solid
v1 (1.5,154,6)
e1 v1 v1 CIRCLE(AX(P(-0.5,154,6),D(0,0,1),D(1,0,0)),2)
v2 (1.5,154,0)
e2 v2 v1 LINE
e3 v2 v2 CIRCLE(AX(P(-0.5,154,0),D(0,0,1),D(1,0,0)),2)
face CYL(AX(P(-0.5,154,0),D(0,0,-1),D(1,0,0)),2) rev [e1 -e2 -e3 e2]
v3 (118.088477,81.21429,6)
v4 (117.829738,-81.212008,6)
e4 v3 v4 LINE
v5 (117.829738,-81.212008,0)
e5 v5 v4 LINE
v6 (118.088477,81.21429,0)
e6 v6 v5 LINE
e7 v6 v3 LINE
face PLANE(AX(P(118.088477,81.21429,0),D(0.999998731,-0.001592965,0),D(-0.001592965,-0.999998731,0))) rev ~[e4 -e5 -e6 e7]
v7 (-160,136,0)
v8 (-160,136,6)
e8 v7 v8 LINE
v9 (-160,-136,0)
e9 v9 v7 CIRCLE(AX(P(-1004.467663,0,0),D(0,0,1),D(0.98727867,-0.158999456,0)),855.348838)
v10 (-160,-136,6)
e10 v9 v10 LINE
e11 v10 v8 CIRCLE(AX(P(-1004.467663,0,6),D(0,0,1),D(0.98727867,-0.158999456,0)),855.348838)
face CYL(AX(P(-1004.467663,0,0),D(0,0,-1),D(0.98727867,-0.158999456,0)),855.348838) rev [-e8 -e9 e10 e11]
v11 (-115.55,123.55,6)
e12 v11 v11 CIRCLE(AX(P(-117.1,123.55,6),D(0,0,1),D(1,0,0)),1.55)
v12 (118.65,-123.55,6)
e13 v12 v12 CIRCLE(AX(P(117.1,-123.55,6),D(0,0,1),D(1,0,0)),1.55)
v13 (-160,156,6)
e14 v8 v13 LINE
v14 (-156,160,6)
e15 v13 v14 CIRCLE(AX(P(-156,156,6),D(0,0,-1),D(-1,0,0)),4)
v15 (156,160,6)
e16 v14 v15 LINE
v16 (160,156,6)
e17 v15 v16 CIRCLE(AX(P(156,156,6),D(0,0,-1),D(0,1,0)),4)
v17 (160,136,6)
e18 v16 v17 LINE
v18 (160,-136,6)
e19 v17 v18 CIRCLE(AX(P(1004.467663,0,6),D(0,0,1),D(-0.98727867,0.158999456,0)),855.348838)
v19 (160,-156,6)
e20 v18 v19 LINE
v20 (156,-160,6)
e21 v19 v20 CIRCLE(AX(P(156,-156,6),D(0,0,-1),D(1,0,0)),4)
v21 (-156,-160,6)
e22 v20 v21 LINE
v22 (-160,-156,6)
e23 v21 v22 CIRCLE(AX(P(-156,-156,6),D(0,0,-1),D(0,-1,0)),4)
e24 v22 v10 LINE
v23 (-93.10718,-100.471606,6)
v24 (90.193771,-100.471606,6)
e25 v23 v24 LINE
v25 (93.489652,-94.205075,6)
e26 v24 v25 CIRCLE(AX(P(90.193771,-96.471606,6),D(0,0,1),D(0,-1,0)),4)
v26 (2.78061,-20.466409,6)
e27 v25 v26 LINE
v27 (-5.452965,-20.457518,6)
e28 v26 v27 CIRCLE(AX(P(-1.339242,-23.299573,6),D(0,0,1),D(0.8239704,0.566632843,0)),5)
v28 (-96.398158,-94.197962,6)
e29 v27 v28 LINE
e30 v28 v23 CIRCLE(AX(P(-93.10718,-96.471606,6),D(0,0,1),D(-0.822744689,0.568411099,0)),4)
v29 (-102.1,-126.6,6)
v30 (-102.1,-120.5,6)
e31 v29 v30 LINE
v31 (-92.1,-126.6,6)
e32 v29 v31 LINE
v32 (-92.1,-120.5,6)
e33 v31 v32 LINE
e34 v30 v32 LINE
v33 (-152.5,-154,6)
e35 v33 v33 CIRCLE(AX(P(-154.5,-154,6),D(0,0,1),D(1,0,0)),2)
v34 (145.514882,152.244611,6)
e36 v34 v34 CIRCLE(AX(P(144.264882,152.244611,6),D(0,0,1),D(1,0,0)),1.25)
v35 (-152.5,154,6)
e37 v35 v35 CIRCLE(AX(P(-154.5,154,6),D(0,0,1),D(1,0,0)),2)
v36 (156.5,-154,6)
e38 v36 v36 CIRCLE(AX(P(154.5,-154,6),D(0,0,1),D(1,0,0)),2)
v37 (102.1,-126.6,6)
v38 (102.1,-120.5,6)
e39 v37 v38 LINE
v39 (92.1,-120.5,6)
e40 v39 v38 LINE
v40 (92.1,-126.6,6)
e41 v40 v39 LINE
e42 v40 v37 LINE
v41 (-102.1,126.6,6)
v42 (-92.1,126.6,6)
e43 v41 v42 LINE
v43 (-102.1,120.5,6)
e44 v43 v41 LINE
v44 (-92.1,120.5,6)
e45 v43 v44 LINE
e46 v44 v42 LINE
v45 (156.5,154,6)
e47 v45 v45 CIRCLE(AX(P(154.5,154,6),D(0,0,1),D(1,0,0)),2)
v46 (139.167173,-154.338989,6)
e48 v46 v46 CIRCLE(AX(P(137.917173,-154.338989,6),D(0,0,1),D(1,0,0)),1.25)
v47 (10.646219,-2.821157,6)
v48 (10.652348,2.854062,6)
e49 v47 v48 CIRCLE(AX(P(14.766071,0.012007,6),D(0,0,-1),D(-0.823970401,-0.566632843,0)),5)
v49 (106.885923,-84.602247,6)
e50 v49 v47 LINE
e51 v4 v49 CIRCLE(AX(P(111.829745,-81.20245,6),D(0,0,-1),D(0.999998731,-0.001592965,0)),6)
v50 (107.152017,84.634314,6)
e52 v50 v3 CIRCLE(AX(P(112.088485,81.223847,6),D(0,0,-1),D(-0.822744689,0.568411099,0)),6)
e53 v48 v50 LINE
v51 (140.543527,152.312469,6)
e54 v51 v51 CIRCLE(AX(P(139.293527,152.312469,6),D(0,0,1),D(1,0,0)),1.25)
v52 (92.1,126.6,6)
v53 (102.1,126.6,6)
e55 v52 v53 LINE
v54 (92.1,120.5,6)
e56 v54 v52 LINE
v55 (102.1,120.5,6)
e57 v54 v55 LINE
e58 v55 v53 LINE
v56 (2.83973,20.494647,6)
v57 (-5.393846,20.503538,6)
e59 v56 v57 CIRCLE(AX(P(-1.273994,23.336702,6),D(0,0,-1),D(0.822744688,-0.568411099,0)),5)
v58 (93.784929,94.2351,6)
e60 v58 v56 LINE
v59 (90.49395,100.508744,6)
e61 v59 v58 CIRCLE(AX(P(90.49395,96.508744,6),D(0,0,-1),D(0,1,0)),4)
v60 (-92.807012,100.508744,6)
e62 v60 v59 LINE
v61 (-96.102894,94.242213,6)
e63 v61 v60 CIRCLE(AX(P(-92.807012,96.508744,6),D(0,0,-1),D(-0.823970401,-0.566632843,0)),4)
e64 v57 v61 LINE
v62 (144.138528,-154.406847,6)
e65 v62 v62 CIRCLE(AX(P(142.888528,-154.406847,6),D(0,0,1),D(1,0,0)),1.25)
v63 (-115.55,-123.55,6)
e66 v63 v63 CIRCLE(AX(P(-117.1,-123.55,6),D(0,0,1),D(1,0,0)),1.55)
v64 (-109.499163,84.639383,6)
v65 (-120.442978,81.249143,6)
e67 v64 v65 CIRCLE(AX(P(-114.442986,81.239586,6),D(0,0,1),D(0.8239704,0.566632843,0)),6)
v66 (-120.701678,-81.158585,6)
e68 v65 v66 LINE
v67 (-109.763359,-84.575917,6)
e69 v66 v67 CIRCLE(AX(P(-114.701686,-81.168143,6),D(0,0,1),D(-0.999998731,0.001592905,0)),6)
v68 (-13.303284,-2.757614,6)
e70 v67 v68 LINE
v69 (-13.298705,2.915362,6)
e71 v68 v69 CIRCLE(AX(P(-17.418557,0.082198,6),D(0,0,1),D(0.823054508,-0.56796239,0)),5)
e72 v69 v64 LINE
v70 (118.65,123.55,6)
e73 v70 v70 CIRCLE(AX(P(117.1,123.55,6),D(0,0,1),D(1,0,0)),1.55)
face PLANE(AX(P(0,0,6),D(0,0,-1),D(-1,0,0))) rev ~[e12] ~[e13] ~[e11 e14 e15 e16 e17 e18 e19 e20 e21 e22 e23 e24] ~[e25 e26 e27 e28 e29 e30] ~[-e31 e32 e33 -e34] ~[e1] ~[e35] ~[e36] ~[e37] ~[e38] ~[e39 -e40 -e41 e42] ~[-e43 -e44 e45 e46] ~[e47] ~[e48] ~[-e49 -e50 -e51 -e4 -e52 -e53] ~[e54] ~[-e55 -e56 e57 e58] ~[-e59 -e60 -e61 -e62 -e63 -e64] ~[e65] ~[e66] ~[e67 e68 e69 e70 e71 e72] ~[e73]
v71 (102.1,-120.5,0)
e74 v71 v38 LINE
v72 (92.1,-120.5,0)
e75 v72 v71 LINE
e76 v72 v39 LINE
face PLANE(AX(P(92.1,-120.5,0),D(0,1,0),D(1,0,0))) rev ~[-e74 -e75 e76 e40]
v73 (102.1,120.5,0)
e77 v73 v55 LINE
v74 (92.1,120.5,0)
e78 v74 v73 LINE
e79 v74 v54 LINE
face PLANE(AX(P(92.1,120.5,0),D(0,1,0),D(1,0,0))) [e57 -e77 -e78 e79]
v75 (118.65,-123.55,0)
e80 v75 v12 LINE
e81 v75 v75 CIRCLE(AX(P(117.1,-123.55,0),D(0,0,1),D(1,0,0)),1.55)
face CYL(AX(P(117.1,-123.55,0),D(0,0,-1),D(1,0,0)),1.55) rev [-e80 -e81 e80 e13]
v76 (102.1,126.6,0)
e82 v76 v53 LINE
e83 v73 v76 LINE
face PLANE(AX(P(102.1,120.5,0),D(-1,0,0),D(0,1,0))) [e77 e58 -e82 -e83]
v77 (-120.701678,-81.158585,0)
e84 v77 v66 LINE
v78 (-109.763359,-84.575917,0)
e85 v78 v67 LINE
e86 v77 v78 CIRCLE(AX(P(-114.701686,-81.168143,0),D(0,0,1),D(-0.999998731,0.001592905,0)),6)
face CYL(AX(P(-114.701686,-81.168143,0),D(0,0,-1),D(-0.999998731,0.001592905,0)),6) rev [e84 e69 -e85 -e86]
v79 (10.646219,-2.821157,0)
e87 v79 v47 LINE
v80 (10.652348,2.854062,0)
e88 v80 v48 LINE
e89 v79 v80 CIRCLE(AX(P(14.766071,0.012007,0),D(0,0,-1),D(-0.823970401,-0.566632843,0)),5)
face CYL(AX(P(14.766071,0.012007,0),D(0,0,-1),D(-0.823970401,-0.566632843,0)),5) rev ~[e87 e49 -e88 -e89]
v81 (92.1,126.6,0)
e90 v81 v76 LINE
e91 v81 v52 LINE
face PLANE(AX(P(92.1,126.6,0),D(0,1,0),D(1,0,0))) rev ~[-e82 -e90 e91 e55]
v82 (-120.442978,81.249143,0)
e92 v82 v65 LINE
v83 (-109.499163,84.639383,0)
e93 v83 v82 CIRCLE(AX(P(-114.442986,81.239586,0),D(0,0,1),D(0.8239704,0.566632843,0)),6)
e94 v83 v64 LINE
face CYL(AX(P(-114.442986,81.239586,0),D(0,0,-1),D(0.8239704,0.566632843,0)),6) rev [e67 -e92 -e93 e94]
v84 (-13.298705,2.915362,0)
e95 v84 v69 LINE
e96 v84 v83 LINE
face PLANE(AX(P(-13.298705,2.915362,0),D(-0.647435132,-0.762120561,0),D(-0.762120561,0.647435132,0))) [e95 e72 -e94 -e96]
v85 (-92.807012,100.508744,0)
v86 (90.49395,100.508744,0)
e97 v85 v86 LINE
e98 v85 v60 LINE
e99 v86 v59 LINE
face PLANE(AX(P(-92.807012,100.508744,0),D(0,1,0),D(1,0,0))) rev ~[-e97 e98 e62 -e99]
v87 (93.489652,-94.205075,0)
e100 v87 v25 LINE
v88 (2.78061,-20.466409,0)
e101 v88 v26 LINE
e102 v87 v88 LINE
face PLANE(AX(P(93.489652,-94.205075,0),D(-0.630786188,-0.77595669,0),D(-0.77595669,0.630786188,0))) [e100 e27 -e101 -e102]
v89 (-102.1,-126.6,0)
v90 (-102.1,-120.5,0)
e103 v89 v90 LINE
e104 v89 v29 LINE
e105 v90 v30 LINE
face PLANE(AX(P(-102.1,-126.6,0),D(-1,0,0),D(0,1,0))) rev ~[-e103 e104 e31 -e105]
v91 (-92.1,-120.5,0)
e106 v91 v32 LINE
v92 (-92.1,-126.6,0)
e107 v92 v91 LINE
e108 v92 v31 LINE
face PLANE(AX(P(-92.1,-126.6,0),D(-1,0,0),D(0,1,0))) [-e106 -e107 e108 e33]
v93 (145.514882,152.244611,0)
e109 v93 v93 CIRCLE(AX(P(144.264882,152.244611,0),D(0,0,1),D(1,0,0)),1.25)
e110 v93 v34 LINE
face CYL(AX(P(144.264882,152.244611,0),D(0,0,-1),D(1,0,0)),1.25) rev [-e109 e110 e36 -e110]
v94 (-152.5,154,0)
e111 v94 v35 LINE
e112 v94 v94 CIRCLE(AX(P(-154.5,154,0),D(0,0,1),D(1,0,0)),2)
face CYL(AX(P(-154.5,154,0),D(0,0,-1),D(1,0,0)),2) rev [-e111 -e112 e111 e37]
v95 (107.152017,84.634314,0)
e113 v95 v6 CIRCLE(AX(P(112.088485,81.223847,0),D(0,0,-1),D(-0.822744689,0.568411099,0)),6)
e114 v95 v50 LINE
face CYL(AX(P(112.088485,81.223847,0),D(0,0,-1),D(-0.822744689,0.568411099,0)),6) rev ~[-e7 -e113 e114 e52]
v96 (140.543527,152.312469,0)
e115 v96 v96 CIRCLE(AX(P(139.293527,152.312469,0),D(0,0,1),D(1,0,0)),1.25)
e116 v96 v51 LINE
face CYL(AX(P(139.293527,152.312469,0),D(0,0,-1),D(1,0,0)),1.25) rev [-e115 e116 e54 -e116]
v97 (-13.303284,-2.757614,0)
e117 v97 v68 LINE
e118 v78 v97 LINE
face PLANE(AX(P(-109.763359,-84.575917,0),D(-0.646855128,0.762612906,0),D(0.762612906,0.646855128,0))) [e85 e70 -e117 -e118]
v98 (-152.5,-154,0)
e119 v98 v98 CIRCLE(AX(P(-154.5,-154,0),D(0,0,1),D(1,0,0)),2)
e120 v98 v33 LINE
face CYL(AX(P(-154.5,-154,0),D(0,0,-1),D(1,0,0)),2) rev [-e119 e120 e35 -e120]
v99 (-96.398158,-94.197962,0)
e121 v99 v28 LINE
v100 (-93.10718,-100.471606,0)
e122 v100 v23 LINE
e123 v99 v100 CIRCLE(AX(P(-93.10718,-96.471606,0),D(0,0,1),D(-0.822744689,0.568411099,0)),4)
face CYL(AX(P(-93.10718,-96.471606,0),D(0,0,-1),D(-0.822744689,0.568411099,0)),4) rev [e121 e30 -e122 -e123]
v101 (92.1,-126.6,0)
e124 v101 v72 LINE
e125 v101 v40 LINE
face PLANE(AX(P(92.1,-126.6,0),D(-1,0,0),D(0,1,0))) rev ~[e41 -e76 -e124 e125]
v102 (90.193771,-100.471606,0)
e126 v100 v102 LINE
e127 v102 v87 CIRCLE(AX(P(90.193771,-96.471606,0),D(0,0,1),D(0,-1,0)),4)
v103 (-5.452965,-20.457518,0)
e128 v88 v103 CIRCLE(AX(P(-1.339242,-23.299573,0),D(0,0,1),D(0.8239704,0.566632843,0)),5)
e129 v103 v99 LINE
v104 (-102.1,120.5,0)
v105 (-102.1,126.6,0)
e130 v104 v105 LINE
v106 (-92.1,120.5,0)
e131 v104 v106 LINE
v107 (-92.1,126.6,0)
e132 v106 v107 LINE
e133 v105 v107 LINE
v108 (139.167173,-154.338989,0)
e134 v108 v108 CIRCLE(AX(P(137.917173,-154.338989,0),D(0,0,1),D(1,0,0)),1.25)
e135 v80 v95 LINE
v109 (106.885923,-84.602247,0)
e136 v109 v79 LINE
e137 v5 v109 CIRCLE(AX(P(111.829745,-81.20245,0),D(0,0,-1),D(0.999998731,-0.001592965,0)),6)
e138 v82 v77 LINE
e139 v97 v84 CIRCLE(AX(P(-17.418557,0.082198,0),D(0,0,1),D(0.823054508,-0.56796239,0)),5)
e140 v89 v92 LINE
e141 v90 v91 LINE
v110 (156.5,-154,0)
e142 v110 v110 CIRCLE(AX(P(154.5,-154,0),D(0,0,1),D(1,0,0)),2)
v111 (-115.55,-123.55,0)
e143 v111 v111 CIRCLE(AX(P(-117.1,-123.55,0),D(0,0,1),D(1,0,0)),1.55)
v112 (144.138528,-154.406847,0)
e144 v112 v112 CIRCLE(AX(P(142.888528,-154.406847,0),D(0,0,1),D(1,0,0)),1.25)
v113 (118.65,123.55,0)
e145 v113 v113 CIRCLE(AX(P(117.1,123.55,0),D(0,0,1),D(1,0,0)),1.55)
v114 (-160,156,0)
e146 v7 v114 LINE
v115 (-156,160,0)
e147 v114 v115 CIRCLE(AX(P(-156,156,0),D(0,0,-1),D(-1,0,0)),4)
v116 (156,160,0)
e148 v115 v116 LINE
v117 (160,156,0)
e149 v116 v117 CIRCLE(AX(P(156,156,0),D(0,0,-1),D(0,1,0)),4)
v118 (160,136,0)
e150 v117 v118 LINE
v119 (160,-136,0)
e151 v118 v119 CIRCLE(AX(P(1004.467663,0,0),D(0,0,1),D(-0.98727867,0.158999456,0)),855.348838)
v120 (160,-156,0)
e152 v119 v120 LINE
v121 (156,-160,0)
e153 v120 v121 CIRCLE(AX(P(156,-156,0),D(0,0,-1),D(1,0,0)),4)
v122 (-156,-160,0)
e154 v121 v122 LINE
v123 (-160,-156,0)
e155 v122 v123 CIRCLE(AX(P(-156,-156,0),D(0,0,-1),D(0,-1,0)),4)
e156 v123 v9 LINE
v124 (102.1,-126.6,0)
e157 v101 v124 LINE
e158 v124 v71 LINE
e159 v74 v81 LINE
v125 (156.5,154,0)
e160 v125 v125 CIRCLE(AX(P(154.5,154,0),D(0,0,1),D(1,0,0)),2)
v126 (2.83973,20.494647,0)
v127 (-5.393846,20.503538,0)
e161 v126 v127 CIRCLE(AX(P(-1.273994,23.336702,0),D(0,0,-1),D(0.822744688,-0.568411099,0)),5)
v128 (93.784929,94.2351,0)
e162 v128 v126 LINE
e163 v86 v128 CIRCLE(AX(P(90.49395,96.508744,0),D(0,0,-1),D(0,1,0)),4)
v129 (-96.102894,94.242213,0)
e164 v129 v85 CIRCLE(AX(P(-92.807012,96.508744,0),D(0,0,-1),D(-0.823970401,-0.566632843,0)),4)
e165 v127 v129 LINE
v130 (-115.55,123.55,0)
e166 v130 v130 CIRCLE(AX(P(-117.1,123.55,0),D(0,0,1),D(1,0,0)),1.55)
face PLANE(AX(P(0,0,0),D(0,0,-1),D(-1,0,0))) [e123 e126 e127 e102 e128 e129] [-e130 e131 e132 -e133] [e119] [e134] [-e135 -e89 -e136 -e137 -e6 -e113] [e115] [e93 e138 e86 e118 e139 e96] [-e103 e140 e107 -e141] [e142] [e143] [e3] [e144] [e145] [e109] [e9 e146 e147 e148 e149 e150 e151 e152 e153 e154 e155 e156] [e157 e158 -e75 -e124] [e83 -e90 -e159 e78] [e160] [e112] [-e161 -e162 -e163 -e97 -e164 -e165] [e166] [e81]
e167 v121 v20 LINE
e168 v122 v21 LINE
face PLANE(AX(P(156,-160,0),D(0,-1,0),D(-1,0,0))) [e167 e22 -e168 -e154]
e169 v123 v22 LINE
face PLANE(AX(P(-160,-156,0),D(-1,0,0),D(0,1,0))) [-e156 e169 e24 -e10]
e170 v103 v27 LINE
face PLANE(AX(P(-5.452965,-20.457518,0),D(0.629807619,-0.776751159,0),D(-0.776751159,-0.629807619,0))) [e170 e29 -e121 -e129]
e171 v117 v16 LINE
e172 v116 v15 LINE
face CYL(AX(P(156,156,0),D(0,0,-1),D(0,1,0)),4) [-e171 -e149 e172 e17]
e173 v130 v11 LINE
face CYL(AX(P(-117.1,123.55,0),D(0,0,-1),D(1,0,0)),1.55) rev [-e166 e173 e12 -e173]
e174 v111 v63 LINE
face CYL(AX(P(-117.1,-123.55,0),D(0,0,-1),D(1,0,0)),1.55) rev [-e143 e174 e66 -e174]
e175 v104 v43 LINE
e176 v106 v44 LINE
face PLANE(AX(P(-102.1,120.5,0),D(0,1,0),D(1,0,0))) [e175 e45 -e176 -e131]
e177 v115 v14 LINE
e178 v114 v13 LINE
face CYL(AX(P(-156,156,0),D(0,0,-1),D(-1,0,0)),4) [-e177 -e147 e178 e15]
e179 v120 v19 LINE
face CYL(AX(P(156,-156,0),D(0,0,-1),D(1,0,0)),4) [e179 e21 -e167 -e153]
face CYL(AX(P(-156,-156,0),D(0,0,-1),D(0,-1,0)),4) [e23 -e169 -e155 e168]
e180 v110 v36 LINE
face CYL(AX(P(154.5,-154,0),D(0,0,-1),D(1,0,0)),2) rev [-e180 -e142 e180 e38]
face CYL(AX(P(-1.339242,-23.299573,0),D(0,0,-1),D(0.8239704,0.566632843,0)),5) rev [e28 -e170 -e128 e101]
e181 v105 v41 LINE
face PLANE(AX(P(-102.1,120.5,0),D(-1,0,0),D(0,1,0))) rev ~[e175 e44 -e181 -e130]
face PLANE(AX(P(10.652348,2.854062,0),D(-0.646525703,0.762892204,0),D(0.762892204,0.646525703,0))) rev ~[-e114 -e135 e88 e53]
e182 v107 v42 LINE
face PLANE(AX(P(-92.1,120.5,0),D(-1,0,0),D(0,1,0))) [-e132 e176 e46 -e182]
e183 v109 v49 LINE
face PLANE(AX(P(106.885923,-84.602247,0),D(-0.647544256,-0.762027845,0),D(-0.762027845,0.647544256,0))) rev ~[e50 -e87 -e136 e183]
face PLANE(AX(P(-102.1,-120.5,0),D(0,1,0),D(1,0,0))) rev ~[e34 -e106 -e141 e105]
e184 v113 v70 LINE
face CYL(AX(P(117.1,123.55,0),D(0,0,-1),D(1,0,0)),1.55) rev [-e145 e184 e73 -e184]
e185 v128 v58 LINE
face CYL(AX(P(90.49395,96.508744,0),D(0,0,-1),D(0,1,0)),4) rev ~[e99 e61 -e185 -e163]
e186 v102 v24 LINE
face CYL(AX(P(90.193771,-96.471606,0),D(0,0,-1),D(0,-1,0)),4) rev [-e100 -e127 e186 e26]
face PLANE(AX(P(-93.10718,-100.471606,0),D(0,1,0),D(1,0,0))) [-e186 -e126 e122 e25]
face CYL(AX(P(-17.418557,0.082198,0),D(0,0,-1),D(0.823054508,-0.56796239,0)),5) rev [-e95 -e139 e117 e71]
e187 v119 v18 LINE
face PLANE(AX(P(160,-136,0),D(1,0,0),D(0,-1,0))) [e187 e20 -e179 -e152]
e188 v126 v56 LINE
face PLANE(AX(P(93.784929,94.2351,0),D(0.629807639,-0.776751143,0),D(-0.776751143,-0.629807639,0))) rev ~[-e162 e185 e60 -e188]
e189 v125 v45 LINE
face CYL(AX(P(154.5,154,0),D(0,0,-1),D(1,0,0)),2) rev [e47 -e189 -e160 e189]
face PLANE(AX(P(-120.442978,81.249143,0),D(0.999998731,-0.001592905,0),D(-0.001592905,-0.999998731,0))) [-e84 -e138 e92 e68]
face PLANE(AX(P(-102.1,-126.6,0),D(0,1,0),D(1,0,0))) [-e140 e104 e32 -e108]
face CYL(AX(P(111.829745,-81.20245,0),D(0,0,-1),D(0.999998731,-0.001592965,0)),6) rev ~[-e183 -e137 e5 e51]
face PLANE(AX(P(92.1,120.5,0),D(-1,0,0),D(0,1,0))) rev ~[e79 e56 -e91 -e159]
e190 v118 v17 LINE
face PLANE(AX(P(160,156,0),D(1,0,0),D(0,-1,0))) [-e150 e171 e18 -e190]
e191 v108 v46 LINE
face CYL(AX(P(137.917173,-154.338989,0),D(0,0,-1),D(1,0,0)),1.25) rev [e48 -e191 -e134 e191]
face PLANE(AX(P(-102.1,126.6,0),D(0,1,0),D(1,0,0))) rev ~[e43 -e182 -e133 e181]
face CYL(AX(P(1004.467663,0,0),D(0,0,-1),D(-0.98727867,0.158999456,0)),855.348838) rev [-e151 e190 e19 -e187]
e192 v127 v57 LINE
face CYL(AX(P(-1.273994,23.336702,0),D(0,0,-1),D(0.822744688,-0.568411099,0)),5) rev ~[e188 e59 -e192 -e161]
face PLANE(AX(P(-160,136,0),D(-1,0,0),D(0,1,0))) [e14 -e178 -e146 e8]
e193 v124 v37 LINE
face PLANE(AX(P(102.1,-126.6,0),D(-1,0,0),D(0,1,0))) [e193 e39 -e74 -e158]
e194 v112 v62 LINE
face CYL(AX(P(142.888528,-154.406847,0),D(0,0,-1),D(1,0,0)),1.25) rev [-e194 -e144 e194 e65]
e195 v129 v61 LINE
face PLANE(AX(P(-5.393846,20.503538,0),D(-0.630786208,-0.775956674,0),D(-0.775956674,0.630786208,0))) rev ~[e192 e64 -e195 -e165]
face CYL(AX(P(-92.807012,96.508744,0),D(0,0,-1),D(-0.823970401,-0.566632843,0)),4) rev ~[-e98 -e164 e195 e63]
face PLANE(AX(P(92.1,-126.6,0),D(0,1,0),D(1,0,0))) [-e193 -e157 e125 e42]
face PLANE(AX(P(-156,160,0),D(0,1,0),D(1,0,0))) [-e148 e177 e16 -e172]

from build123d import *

# Parameters (mm, degrees)
SKETCH_1_R      = 2
SKETCH_1_R_2    = 1.55
SKETCH_1_R_3    = 1.25
SKETCH_1_W      = 10
SKETCH_1_H      = 6.1
EXTRUDE_1_DEPTH = 6


with BuildPart() as part:
    # Эскиз1 → Бобышка-Вытянуть1 (new body)
    with BuildSketch(Plane.XY):
        with BuildLine():
            Line((160, 156), (160, 136))
            ThreePointArc((160, 136), (149.118825479, 0), (160, -136))
            Line((160, -136), (160, -156))
            ThreePointArc((160, -156), (158.828427125, -158.828427125), (156, -160))
            Line((156, -160), (136, -160))
            Line((136, -160), (-156, -160))
            ThreePointArc((-156, -160), (-158.828427125, -158.828427125), (-160, -156))
            Line((-160, -156), (-160, -136))
            ThreePointArc((-160, -136), (-149.118825479, 0), (-160, 136))
            Line((-160, 136), (-160, 156))
            ThreePointArc((-160, 156), (-158.828427125, 158.828427125), (-156, 160))
            Line((-156, 160), (136, 160))
            Line((136, 160), (156, 160))
            ThreePointArc((156, 160), (158.828427125, 158.828427125), (160, 156))
        make_face()
        with Locations((-154.5, 154)):
            Circle(SKETCH_1_R, mode=Mode.SUBTRACT)
        with Locations((-154.5, -154)):
            Circle(SKETCH_1_R, mode=Mode.SUBTRACT)
        with Locations((154.5, 154)):
            Circle(SKETCH_1_R, mode=Mode.SUBTRACT)
        with Locations((154.5, -154)):
            Circle(SKETCH_1_R, mode=Mode.SUBTRACT)
        with Locations((117.1, -123.55)):
            Circle(SKETCH_1_R_2, mode=Mode.SUBTRACT)
        with Locations((-117.1, -123.55)):
            Circle(SKETCH_1_R_2, mode=Mode.SUBTRACT)
        with Locations((-117.1, 123.55)):
            Circle(SKETCH_1_R_2, mode=Mode.SUBTRACT)
        with Locations((117.1, 123.55)):
            Circle(SKETCH_1_R_2, mode=Mode.SUBTRACT)
        with Locations((142.88852833, -154.406847052)):
            Circle(SKETCH_1_R_3, mode=Mode.SUBTRACT)
        with Locations((137.91717333, -154.338989052)):
            Circle(SKETCH_1_R_3, mode=Mode.SUBTRACT)
        with Locations((-0.5, 154)):
            Circle(SKETCH_1_R, mode=Mode.SUBTRACT)
        with Locations((144.264881547, 152.244611453)):
            Circle(SKETCH_1_R_3, mode=Mode.SUBTRACT)
        with Locations((139.293526547, 152.312469453)):
            Circle(SKETCH_1_R_3, mode=Mode.SUBTRACT)
        with Locations((97.1, 123.55)):
            Rectangle(SKETCH_1_W, SKETCH_1_H, mode=Mode.SUBTRACT)
        with Locations((-97.1, -123.55)):
            Rectangle(SKETCH_1_W, SKETCH_1_H, mode=Mode.SUBTRACT)
        with Locations((97.1, -123.55)):
            Rectangle(SKETCH_1_W, SKETCH_1_H, mode=Mode.SUBTRACT)
        with Locations((-97.1, 123.55)):
            Rectangle(SKETCH_1_W, SKETCH_1_H, mode=Mode.SUBTRACT)
        with BuildLine():
            Line((93.489652385, -94.205074627), (2.780610095, -20.466408797))
            ThreePointArc((2.780610095, -20.466408797), (-1.333842507, -18.299575929), (-5.45296535, -20.457517519))
            Line((-5.45296535, -20.457517519), (-96.398158259, -94.197961604))
            ThreePointArc((-96.398158259, -94.197961604), (-96.649394743, -98.329753251), (-93.107179505, -100.471606))
            Line((-93.107179505, -100.471606), (90.193770783, -100.471606))
            ThreePointArc((90.193770783, -100.471606), (93.73397738, -98.333577335), (93.489652385, -94.205074627))
        make_face(mode=Mode.SUBTRACT)
        with BuildLine():
            Line((-5.393845546, 20.503538093), (-96.102893823, 94.242212627))
            ThreePointArc((-96.102893823, 94.242212627), (-96.347218817, 98.370715335), (-92.807012221, 100.508744))
            Line((-92.807012221, 100.508744), (90.493950067, 100.508744))
            ThreePointArc((90.493950067, 100.508744), (94.036165305, 98.366891251), (93.784928821, 94.235099604))
            Line((93.784928821, 94.235099604), (2.839729898, 20.494646814))
            ThreePointArc((2.839729898, 20.494646814), (-1.279392944, 18.336705225), (-5.393845546, 20.503538093))
        make_face(mode=Mode.SUBTRACT)
        with BuildLine():
            Line((-109.763358937, -84.575917132), (-13.303284143, -2.757613876))
            ThreePointArc((-13.303284143, -2.757613876), (-12.418558312, 0.078161869), (-13.298704681, 2.915362292))
            Line((-13.298704681, 2.915362292), (-109.49916318, 84.639383129))
            ThreePointArc((-109.49916318, 84.639383129), (-116.218458744, 86.97087694), (-120.442977971, 81.249143499))
            Line((-120.442977971, 81.249143499), (-120.701678374, -81.158585361))
            ThreePointArc((-120.701678374, -81.158585361), (-116.49090996, -86.895155762), (-109.763358937, -84.575917132))
        make_face(mode=Mode.SUBTRACT)
        with BuildLine():
            Line((106.88592289, -84.602246797), (10.646219109, -2.821157348))
            ThreePointArc((10.646219109, -2.821157348), (9.766074027, 0.017406269), (10.652347669, 2.854062364))
            Line((10.652347669, 2.854062364), (107.15201684, 84.634313992))
            ThreePointArc((107.15201684, 84.634313992), (113.879270457, 86.95037229), (118.088477358, 81.21428961))
            Line((118.088477358, 81.21428961), (117.82973768, -81.212007525))
            ThreePointArc((117.82973768, -81.212007525), (113.605218283, -86.933740662), (106.88592289, -84.602246797))
        make_face(mode=Mode.SUBTRACT)
    extrude(amount=EXTRUDE_1_DEPTH)


solid = part.part
